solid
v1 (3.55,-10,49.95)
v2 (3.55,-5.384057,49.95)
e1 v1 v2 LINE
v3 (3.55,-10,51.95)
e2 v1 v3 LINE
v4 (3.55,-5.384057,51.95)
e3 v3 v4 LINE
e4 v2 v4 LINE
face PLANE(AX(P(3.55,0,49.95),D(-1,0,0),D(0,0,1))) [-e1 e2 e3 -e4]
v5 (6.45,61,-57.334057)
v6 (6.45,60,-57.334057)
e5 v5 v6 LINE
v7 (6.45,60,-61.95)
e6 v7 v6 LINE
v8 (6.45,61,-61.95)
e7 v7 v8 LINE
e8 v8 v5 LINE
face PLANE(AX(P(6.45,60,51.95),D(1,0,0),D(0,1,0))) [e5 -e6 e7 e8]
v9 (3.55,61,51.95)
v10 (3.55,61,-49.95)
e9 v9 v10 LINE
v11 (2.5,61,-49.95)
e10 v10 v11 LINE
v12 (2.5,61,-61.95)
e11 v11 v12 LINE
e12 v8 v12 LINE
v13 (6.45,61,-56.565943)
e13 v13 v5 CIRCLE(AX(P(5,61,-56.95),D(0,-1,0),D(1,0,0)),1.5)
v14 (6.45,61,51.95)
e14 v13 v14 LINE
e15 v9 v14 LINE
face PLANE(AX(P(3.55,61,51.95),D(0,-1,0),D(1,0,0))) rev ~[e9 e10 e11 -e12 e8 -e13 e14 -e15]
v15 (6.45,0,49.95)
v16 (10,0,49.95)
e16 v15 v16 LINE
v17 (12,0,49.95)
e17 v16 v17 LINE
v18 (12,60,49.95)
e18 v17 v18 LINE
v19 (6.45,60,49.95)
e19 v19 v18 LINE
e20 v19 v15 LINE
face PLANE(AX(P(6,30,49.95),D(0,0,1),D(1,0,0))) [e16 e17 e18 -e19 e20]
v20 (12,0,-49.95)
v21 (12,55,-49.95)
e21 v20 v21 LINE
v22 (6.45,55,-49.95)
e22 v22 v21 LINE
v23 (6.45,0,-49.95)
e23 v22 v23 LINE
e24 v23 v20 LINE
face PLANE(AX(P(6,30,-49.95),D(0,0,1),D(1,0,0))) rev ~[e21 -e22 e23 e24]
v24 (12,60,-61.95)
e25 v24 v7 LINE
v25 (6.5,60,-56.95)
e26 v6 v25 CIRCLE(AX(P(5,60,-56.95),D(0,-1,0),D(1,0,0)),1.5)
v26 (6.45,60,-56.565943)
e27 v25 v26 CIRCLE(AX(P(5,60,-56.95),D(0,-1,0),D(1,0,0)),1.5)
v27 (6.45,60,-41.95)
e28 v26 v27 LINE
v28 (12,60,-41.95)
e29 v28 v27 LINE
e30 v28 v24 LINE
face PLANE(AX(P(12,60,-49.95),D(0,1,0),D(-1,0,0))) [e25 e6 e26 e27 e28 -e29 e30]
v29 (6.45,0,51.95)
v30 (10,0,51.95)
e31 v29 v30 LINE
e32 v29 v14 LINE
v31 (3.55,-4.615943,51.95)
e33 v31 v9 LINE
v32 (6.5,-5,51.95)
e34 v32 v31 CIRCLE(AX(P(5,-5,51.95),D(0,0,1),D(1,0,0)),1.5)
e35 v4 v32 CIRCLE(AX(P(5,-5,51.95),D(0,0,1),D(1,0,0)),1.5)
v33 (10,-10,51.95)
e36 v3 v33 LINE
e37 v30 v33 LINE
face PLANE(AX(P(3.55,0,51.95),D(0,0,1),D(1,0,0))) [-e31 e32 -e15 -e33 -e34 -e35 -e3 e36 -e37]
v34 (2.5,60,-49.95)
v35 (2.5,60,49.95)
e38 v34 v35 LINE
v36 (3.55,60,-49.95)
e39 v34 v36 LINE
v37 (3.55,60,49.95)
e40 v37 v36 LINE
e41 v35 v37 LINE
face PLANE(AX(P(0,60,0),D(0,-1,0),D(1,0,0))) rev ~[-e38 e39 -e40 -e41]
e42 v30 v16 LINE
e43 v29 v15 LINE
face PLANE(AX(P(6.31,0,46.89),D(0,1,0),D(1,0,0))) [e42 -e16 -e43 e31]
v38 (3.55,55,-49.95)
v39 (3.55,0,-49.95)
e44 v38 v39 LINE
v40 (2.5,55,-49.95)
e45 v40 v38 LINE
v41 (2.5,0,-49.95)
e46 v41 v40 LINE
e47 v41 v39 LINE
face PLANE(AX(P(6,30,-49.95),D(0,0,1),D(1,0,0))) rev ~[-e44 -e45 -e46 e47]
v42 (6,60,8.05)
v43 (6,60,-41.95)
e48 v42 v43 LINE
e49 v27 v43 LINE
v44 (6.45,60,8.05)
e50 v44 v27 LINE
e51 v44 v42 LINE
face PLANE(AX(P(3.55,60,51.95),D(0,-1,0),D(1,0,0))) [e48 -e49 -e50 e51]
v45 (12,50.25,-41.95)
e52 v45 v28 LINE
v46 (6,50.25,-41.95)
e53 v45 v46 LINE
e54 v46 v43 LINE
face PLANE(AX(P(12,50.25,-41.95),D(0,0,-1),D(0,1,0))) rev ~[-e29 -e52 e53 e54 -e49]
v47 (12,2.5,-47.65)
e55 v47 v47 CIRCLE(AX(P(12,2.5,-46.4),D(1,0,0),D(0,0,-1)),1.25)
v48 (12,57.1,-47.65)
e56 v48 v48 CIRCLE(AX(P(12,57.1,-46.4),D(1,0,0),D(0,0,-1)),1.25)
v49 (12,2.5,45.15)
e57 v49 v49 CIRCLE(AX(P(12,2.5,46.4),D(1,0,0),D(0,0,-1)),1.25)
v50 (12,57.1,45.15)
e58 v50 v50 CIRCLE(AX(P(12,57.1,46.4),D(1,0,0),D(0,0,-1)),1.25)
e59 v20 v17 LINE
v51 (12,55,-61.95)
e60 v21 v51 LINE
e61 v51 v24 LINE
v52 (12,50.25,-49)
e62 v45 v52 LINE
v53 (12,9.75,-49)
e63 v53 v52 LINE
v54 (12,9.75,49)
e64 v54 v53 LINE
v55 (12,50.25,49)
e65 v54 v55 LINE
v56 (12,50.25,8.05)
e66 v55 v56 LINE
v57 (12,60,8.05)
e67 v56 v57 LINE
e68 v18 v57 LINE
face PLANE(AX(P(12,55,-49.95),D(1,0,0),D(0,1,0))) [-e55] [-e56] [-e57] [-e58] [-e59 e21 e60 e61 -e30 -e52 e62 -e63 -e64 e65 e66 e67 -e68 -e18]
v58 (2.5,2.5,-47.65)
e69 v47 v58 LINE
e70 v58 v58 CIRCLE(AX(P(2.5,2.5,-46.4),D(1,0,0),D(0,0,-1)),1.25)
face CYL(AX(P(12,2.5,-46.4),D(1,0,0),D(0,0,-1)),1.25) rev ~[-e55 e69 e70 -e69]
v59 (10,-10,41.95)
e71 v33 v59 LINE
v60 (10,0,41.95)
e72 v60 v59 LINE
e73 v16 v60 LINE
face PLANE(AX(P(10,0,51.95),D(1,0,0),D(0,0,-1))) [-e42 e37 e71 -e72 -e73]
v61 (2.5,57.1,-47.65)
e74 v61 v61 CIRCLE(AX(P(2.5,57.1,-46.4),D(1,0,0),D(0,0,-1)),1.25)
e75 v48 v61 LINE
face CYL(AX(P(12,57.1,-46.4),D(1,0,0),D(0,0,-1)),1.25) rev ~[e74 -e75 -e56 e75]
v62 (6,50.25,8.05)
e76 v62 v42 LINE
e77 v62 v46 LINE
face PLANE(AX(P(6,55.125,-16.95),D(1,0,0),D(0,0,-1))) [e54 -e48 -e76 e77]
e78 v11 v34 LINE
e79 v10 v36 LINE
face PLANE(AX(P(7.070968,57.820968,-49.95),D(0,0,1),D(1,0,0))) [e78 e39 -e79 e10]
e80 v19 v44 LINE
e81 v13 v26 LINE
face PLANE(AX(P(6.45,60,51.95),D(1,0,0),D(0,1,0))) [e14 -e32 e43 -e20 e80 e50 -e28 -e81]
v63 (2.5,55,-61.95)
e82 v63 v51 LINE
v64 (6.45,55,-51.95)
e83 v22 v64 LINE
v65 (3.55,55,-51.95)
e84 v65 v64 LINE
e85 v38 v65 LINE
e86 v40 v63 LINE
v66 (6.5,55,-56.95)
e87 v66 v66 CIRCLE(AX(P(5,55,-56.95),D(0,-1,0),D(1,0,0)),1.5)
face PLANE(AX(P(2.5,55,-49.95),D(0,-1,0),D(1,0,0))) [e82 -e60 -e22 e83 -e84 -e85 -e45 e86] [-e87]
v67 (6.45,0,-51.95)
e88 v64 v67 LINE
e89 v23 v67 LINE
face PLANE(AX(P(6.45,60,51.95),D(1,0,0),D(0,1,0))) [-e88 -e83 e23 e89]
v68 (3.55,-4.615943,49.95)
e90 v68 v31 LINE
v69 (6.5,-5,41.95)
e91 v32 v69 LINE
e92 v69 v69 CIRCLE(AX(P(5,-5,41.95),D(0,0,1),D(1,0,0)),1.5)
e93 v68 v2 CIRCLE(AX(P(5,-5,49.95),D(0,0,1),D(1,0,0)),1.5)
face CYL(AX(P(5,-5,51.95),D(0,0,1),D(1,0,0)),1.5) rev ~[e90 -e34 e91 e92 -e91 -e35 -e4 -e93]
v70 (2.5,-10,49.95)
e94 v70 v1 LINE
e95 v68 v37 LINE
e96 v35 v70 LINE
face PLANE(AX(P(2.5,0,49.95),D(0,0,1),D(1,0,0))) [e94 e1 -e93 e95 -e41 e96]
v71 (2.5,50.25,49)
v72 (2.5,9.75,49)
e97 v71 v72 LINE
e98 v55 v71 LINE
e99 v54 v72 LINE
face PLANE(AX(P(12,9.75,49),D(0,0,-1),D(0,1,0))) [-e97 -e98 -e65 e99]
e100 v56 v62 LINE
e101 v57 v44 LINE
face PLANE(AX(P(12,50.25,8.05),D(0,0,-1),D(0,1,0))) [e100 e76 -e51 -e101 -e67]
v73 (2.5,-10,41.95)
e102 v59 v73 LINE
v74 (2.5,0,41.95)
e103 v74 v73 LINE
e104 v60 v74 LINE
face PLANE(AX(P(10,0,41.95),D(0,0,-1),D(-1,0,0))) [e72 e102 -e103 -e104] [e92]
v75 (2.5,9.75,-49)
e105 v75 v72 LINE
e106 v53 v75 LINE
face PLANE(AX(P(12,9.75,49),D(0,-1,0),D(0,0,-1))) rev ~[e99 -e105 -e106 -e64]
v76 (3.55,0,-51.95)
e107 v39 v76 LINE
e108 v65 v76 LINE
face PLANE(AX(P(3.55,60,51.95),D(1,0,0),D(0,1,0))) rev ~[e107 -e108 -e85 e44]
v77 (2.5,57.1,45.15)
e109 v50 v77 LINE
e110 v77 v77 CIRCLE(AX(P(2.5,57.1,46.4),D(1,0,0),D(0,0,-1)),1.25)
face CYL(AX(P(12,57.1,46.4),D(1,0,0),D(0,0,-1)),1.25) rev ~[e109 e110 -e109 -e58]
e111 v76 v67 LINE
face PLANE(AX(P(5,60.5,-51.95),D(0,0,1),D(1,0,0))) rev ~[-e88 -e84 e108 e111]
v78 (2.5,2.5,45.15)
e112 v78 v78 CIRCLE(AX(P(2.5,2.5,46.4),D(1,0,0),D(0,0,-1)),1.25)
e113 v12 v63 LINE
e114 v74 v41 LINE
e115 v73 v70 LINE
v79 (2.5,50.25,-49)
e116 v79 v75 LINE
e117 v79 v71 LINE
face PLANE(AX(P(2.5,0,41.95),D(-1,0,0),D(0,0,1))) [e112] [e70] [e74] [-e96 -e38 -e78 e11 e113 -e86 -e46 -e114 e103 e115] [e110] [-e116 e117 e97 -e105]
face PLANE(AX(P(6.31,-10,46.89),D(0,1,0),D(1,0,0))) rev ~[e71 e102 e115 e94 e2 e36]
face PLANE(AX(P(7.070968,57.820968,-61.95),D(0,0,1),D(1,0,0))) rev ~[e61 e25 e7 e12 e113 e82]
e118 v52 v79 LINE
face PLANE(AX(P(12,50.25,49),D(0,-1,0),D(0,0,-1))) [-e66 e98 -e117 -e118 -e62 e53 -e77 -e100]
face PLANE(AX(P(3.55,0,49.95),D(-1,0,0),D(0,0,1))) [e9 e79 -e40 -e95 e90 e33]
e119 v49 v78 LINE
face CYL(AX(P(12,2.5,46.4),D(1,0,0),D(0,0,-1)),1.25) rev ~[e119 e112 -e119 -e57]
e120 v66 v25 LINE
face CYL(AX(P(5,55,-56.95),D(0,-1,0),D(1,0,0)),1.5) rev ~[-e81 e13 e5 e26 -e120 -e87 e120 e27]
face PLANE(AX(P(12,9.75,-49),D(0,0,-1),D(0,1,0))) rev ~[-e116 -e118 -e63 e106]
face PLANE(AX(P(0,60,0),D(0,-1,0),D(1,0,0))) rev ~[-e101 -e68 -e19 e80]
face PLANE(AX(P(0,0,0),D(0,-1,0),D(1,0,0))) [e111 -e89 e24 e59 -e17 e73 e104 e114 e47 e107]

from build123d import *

# Parameters (mm, degrees)
ESQUISSE1_W             = 12
ESQUISSE1_H             = 60
MAIN_DEPTH              = 49.95
ESQUISSE2_R             = 1.25
HOLESFIXFORLCD_DEPTH    = 13
SKETCH1_W               = 98
SKETCH1_H               = 40.5
LCDWINDOWHOLE_DEPTH     = 13
SKETCH6_W               = 2.9
SKETCH6_H               = 2
MAKERBEAMRAIL_DEPTH     = 60
SKETCH7_W               = 50
SKETCH7_H               = 9.75
LCDPINSHOLES_DEPTH      = 6
SKETCH8_W               = 8
SKETCH8_H               = 40.5
REINFORCEMENT_DEPTH     = 2.5
REINFORCEMENT_2_DEPTH   = 2.5
SKETCH12_W              = 2.5
SKETCH12_H              = 69
WINDOWPLASTICHOLE_DEPTH = 104.9
SKETCH13_W              = 2.9
SKETCH13_H              = 1
MAKERBEAMRAILUP_DEPTH   = 103.9
BOSS_EXTRUDE2_DEPTH     = 12
SKETCH15_R              = 1.5
CUT_EXTRUDE4_DEPTH      = 7
BOSS_EXTRUDE3_DEPTH     = 10
SKETCH17_R              = 1.5
CUT_EXTRUDE5_DEPTH      = 114.9


with BuildPart() as part:
    # Esquisse1 → Main (new body, symmetric)
    with BuildSketch(Plane.XY):
        with Locations((6, 30)):
            Rectangle(ESQUISSE1_W, ESQUISSE1_H)
    extrude(amount=MAIN_DEPTH, both=True)

    # Esquisse2 → HolesFixForLCD (cut, through all)
    with BuildSketch(Plane(origin=(12, 0, 0), x_dir=(0, 0, -1), z_dir=(1, 0, 0))):
        with Locations((46.4, 2.5)):
            Circle(ESQUISSE2_R)
        with Locations((-46.4, 2.5)):
            Circle(ESQUISSE2_R)
        with Locations((46.4, 57.1)):
            Circle(ESQUISSE2_R)
        with Locations((-46.4, 57.1)):
            Circle(ESQUISSE2_R)
    extrude(amount=-HOLESFIXFORLCD_DEPTH, mode=Mode.SUBTRACT)

    # Sketch1 → LCDWindowHole (cut, through all)
    with BuildSketch(Plane(origin=(12, 0, 0), x_dir=(0, 0, -1), z_dir=(1, 0, 0))):
        with Locations((0, 30)):
            Rectangle(SKETCH1_W, SKETCH1_H)
    extrude(amount=-LCDWINDOWHOLE_DEPTH, mode=Mode.SUBTRACT)

    # Sketch6 → MakerBeamRail (add)
    with BuildSketch(Plane(origin=(0, 60, 0), x_dir=(1, 0, 0), z_dir=(0, 1, 0))):
        with Locations((5, 50.95)):
            Rectangle(SKETCH6_W, SKETCH6_H)
        with Locations((5, -50.95)):
            Rectangle(SKETCH6_W, SKETCH6_H)
    extrude(amount=-MAKERBEAMRAIL_DEPTH)

    # Sketch7 → LCDPinsHoles (cut)
    with BuildSketch(Plane(origin=(12, 0, 0), x_dir=(0, 0, -1), z_dir=(1, 0, 0))):
        with Locations((16.95, 55.125)):
            Rectangle(SKETCH7_W, SKETCH7_H)
    extrude(amount=-LCDPINSHOLES_DEPTH, mode=Mode.SUBTRACT)


with BuildPart() as body_2:
    # Sketch8 → Reinforcement (new body)
    with BuildSketch(Plane.ZY):
        with Locations((-45, 30)):
            Rectangle(SKETCH8_W, SKETCH8_H)
    extrude(amount=-REINFORCEMENT_DEPTH)


with BuildPart() as body_3:
    # Sketch8 → Reinforcement 2 (new body)
    with BuildSketch(Plane.ZY):
        with Locations((45, 30)):
            Rectangle(SKETCH8_W, SKETCH8_H)
    extrude(amount=-REINFORCEMENT_2_DEPTH)


with BuildPart() as windowplastichole_tool:
    # Sketch12 → WindowPlasticHole (new body, through all)
    with BuildSketch(Plane.XY.offset(51.95)):
        with Locations((1.25, 34.5)):
            Rectangle(SKETCH12_W, SKETCH12_H)
    extrude(amount=-WINDOWPLASTICHOLE_DEPTH)


with BuildPart() as part_1:
    add(part.part)

    # WindowPlasticHole: cut by windowplastichole_tool
    add(windowplastichole_tool.part, mode=Mode.SUBTRACT)

    # Sketch13 → MakerBeamRailUp (add)
    with BuildSketch(Plane.XY.offset(51.95)):
        with Locations((5, 60.5)):
            Rectangle(SKETCH13_W, SKETCH13_H)
    extrude(amount=-MAKERBEAMRAILUP_DEPTH)

    # Sketch14 → Boss-Extrude2 (add)
    with BuildSketch(Plane(origin=(0, 0, -49.95), x_dir=(-1, 0, 0), z_dir=(0, 0, -1))):
        Polygon((-12, 60), (-6.45, 60), (-6.45, 61), (-2.5, 61), (-2.5, 55), (-12, 55), align=None)
    extrude(amount=BOSS_EXTRUDE2_DEPTH)

    # Sketch15 → Cut-Extrude4 (cut, through all)
    with BuildSketch(Plane.XZ.offset(-55)):
        with Locations((5, -56.95)):
            Circle(SKETCH15_R)
    extrude(amount=-CUT_EXTRUDE4_DEPTH, mode=Mode.SUBTRACT)

    # Sketch16 → Boss-Extrude3 (add)
    with BuildSketch(Plane(origin=(0, 0, 0), x_dir=(-1, 0, 0), z_dir=(0, -1, 0))):
        Polygon((-2.5, -49.95), (-3.55, -49.95), (-3.55, -51.95), (-10, -51.95), (-10, -41.95), (-2.5, -41.95), align=None)
    extrude(amount=BOSS_EXTRUDE3_DEPTH)

    # Sketch17 → Cut-Extrude5 (cut, through all)
    with BuildSketch(Plane.XY.offset(51.95)):
        with Locations((5, -5)):
            Circle(SKETCH17_R)
    extrude(amount=-CUT_EXTRUDE5_DEPTH, mode=Mode.SUBTRACT)


with BuildPart() as body_2_1:
    add(body_2.part)

    # WindowPlasticHole: cut by windowplastichole_tool
    add(windowplastichole_tool.part, mode=Mode.SUBTRACT)


with BuildPart() as body_3_1:
    add(body_3.part)

    # WindowPlasticHole: cut by windowplastichole_tool
    add(windowplastichole_tool.part, mode=Mode.SUBTRACT)


solid = part_1.part
